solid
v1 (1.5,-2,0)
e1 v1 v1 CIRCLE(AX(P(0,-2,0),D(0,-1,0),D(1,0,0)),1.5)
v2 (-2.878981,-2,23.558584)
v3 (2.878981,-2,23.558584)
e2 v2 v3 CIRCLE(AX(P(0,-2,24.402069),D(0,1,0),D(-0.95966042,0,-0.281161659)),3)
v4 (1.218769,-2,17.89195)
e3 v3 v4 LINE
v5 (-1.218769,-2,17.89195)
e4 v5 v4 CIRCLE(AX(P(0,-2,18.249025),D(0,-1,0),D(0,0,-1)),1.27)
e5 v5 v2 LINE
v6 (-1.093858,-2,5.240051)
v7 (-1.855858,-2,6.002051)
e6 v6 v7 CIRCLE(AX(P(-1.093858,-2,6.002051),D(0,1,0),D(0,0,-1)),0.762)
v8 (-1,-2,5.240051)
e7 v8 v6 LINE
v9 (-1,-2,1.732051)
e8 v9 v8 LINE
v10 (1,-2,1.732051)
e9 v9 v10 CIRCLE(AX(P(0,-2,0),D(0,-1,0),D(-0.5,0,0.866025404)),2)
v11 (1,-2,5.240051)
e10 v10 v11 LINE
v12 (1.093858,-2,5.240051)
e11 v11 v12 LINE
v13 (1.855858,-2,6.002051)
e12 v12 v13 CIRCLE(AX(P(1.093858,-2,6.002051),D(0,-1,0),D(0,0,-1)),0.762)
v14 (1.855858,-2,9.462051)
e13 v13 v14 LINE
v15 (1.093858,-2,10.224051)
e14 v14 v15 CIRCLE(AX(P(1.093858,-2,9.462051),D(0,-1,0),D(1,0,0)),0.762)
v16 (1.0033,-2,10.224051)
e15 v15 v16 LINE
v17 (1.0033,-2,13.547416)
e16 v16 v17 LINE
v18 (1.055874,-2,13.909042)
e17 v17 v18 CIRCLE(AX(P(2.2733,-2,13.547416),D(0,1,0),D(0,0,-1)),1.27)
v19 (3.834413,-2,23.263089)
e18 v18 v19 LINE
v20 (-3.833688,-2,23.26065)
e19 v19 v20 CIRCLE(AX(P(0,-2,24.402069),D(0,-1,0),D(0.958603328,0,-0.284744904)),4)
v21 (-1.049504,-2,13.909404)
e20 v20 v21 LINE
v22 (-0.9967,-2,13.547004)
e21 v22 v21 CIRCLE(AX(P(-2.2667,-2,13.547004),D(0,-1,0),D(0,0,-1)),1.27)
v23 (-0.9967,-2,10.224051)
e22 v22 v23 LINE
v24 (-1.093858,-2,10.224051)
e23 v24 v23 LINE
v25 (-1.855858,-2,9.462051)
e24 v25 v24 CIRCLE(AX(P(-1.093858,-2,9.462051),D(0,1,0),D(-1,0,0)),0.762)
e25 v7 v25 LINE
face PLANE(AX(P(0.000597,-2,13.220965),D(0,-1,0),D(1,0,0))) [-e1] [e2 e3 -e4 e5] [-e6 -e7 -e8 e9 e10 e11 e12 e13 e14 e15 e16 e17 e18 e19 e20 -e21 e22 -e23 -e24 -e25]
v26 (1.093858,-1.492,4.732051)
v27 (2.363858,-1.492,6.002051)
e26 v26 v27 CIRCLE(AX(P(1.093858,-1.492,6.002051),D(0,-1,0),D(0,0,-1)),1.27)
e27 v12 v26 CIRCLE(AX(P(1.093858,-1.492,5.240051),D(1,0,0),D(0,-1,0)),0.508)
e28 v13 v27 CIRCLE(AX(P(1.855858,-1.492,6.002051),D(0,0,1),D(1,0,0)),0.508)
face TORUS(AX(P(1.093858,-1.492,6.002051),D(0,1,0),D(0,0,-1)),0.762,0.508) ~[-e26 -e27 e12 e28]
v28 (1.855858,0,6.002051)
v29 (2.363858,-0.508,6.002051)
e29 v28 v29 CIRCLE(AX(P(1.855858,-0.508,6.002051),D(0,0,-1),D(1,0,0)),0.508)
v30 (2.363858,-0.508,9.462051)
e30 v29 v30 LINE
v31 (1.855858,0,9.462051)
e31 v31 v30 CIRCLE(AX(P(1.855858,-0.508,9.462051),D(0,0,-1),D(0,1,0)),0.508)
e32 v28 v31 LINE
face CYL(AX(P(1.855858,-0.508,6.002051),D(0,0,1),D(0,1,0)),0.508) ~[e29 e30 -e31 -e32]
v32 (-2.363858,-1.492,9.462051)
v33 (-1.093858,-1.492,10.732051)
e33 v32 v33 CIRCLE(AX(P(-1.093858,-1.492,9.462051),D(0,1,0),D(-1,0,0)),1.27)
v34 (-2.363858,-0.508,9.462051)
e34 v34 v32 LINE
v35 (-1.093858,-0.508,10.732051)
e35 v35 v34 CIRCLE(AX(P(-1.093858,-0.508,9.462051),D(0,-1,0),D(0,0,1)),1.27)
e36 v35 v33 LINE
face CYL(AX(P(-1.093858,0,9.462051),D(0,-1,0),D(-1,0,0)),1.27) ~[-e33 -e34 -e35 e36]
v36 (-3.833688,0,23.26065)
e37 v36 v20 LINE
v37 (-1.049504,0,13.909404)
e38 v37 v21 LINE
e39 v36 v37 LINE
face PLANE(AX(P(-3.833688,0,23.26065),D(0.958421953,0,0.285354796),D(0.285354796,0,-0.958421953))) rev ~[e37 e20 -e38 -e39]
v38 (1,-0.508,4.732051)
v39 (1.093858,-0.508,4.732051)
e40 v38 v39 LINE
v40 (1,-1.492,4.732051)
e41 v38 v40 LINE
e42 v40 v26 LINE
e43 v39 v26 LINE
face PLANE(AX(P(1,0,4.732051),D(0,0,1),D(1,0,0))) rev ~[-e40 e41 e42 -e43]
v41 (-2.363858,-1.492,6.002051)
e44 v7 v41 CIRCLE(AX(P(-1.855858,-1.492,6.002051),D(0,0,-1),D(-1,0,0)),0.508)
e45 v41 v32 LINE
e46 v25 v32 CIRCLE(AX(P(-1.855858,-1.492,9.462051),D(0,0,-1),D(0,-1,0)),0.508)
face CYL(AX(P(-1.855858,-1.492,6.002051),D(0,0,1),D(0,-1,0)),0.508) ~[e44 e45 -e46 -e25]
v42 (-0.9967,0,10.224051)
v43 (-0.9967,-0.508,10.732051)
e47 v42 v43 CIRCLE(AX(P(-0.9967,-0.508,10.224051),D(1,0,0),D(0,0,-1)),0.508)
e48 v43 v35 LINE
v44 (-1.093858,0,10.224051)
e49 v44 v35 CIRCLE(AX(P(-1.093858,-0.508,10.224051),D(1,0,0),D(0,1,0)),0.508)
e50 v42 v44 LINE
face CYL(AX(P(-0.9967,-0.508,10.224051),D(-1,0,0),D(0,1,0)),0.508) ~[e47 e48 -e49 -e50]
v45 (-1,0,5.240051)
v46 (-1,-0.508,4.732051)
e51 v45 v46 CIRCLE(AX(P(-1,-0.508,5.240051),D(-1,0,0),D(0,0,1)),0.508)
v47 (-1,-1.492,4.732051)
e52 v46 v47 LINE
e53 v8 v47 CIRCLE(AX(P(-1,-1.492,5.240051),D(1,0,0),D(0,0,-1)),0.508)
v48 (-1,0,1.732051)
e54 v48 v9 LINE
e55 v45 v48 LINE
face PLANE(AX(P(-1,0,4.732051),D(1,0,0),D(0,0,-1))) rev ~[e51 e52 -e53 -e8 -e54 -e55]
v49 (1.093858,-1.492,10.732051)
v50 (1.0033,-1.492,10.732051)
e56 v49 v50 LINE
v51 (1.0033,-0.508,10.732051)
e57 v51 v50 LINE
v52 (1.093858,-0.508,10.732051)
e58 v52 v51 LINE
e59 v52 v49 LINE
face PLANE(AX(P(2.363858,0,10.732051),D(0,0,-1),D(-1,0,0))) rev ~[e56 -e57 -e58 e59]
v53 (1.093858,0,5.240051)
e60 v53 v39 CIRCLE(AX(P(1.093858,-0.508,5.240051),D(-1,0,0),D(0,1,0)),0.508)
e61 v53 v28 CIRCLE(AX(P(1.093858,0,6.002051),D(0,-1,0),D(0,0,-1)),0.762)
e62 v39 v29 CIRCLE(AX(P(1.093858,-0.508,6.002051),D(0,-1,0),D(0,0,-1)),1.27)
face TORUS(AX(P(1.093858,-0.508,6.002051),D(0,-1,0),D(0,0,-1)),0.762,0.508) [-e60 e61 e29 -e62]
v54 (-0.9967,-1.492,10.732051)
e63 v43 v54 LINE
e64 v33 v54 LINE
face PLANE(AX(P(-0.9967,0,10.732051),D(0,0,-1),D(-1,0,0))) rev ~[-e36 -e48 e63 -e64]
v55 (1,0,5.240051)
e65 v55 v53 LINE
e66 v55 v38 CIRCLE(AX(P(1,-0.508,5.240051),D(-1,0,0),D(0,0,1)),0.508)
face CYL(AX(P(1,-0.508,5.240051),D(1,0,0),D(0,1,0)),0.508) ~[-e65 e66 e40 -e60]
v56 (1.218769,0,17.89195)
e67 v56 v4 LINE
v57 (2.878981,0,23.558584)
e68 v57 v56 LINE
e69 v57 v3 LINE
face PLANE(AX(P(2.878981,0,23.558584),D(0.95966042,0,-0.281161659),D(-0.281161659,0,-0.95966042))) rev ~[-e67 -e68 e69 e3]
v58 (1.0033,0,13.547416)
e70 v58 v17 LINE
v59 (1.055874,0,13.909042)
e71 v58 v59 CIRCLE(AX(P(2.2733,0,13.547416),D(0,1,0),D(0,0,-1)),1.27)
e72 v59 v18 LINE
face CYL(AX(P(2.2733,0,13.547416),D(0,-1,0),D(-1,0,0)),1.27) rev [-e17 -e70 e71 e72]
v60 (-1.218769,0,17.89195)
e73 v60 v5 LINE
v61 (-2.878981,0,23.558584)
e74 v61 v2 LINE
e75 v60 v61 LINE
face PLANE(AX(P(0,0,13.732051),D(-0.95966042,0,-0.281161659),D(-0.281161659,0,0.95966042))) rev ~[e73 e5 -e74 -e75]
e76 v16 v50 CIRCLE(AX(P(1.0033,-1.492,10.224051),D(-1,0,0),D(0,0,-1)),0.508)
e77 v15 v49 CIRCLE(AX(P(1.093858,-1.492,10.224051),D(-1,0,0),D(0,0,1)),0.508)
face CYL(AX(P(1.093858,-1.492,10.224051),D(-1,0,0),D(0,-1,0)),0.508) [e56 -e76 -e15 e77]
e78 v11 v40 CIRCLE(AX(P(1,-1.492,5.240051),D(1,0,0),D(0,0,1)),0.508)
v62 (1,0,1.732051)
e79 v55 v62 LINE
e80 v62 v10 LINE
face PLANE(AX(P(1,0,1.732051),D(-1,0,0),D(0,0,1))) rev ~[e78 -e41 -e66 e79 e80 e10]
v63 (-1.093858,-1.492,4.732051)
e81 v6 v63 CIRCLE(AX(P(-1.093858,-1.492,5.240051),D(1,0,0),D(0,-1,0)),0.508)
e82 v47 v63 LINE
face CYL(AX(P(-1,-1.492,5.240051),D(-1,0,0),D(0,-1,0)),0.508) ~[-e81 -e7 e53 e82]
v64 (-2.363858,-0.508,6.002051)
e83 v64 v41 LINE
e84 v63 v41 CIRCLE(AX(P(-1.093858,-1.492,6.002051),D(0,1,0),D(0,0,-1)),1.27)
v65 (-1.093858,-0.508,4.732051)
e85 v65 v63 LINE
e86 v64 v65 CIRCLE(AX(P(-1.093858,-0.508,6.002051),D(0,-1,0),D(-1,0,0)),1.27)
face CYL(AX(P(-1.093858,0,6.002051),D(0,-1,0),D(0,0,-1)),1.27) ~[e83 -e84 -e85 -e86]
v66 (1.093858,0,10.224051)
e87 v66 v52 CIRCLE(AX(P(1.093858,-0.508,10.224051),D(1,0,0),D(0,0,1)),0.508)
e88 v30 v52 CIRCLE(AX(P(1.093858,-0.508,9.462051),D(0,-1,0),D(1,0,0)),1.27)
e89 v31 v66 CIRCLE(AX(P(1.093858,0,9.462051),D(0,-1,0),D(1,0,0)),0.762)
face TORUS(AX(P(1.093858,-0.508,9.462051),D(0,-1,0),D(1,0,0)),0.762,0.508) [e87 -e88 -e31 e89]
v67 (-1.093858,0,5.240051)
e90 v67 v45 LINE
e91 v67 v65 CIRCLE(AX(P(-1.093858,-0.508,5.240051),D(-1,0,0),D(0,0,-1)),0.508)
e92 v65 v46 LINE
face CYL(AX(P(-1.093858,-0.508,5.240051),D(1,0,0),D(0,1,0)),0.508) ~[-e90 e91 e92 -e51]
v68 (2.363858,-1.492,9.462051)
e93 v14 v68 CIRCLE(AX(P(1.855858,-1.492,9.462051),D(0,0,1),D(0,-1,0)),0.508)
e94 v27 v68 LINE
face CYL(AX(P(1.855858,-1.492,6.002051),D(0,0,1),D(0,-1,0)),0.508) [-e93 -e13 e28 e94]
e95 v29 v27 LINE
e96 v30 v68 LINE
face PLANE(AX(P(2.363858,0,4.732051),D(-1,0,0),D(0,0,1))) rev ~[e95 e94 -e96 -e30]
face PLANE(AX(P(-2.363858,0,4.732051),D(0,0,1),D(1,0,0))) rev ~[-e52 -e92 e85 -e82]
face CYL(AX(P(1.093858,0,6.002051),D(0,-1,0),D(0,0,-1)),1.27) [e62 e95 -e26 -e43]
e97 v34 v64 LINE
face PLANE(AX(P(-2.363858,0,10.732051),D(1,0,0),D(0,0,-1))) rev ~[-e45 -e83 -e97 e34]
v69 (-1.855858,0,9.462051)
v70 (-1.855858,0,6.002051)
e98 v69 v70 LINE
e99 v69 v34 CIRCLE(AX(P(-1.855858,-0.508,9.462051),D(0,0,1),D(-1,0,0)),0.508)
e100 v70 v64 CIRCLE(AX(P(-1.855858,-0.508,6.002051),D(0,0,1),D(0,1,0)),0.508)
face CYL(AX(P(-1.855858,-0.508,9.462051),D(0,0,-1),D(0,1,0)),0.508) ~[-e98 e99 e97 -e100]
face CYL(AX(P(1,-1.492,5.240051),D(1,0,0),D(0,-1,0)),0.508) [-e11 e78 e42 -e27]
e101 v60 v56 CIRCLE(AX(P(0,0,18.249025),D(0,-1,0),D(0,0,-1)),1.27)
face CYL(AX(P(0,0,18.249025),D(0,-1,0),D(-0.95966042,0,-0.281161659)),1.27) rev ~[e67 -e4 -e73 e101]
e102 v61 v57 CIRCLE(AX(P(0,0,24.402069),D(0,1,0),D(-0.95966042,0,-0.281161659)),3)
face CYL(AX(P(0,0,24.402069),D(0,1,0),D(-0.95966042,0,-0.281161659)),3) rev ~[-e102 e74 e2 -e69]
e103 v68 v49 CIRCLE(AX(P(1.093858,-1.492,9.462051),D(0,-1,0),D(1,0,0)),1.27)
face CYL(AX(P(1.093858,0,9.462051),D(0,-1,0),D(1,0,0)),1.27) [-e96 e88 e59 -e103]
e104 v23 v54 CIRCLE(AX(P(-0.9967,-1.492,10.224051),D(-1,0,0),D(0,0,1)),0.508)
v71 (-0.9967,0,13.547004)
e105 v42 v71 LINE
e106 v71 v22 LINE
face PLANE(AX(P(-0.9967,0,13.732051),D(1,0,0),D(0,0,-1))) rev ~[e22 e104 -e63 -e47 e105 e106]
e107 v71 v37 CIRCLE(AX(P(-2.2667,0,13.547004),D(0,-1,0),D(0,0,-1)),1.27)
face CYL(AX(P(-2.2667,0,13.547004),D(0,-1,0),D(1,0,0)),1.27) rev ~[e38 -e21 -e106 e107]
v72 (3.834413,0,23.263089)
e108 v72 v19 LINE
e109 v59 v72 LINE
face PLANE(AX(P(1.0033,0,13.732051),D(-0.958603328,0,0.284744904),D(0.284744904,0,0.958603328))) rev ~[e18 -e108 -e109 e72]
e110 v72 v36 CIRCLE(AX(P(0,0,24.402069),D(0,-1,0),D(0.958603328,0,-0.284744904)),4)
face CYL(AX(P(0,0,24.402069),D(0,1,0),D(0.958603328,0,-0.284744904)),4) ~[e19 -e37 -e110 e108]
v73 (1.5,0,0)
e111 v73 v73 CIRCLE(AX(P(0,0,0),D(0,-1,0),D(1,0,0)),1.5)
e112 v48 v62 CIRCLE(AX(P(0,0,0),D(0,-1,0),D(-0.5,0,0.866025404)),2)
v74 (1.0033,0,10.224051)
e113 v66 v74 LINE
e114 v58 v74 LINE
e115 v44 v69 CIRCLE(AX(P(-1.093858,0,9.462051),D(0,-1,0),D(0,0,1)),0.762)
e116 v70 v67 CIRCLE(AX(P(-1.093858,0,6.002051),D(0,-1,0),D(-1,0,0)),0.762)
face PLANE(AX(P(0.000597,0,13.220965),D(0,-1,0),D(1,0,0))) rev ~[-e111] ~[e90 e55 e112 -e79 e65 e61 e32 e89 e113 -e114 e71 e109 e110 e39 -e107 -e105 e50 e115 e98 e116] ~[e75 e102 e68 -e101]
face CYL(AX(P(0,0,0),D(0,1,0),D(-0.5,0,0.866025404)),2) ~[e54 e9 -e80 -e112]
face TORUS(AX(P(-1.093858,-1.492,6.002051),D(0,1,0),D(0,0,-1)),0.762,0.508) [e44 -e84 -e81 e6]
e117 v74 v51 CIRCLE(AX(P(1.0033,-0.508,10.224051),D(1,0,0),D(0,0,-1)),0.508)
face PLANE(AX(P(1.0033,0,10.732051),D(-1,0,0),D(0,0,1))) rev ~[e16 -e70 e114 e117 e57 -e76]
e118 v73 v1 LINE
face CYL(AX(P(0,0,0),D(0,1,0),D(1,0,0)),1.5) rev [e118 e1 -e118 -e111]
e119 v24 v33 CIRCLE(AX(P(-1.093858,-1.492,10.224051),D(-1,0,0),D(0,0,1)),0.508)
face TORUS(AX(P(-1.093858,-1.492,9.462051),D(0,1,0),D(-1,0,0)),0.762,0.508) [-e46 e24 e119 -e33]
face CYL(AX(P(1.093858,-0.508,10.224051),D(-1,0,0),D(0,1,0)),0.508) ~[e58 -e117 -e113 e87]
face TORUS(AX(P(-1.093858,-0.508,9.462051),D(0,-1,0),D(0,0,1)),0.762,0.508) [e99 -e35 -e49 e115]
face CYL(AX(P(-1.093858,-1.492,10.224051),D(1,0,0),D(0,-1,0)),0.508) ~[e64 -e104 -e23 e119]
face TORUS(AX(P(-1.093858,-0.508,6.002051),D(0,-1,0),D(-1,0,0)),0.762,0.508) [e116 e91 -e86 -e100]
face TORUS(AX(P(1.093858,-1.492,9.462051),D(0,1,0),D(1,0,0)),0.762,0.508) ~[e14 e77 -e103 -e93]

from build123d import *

# Parameters (mm, degrees)
F0_R     = 1.5
F1_DEPTH = 2
F2_R     = 1.27
F3_R     = 0.508


with BuildPart() as f1:
    # F0 (on Front) → F1 (new body)
    with BuildSketch(Plane.XZ):
        with BuildLine():
            Line((-1, 4.7320508076), (-1, 1.7320508076))
            ThreePointArc((-1, 1.7320508076), (0, -2), (1, 1.7320508076))
            Line((1, 1.7320508076), (1, 4.7320508076))
            Line((1, 4.7320508076), (2.363858046, 4.7320508076))
            Line((2.363858046, 4.7320508076), (2.363858046, 10.7320508076))
            Line((2.363858046, 10.7320508076), (1.0033, 10.7320508076))
            Line((1.0033, 10.7320508076), (1.0033, 13.7320508076))
            Line((1.0033, 13.7320508076), (3.8344133108, 23.2630893134))
            ThreePointArc((3.8344133108, 23.2630893134), (-0.0012725797, 28.4020687255), (-3.8336878134, 23.2606497457))
            Line((-3.8336878134, 23.2606497457), (-0.9967, 13.7320508076))
            Line((-0.9967, 13.7320508076), (-0.9967, 10.7320508076))
            Line((-0.9967, 10.7320508076), (-2.363858046, 10.7320508076))
            Line((-2.363858046, 10.7320508076), (-2.363858046, 4.7320508076))
            Line((-2.363858046, 4.7320508076), (-1, 4.7320508076))
        make_face()
        Circle(F0_R, mode=Mode.SUBTRACT)
        with BuildLine():
            ThreePointArc((-2.8789812594, 23.5585839498), (0, 27.4020689279), (2.8789812594, 23.5585839498))
            Line((2.8789812594, 23.5585839498), (0, 13.7320508076))
            Line((0, 13.7320508076), (-2.8789812594, 23.5585839498))
        make_face(mode=Mode.SUBTRACT)
    extrude(amount=F1_DEPTH)

    # F2
    f2_edges = [f1.edges().sort_by_distance(p)[0] for p in [
        (2.363858, -1, 10.732051),
        (2.363858, -1, 4.732051),
        (-2.363858, -1, 10.732051),
        (-2.363858, -1, 4.732051),
        (0, -1, 13.732051),
        (1.0033, -1, 13.732051),
        (-0.9967, -1, 13.732051),
    ]]
    fillet(f2_edges, radius=F2_R)

    # F3
    f3_edges = [f1.edges().sort_by_distance(p)[0] for p in [
        (-1.991884, -2, 10.360076),
        (1.991884, -2, 10.360076),
        (2.363858, 0, 7.732051),
        (-2.363858, 0, 7.732051),
    ]]
    fillet(f3_edges, radius=F3_R)


solid = f1.part
